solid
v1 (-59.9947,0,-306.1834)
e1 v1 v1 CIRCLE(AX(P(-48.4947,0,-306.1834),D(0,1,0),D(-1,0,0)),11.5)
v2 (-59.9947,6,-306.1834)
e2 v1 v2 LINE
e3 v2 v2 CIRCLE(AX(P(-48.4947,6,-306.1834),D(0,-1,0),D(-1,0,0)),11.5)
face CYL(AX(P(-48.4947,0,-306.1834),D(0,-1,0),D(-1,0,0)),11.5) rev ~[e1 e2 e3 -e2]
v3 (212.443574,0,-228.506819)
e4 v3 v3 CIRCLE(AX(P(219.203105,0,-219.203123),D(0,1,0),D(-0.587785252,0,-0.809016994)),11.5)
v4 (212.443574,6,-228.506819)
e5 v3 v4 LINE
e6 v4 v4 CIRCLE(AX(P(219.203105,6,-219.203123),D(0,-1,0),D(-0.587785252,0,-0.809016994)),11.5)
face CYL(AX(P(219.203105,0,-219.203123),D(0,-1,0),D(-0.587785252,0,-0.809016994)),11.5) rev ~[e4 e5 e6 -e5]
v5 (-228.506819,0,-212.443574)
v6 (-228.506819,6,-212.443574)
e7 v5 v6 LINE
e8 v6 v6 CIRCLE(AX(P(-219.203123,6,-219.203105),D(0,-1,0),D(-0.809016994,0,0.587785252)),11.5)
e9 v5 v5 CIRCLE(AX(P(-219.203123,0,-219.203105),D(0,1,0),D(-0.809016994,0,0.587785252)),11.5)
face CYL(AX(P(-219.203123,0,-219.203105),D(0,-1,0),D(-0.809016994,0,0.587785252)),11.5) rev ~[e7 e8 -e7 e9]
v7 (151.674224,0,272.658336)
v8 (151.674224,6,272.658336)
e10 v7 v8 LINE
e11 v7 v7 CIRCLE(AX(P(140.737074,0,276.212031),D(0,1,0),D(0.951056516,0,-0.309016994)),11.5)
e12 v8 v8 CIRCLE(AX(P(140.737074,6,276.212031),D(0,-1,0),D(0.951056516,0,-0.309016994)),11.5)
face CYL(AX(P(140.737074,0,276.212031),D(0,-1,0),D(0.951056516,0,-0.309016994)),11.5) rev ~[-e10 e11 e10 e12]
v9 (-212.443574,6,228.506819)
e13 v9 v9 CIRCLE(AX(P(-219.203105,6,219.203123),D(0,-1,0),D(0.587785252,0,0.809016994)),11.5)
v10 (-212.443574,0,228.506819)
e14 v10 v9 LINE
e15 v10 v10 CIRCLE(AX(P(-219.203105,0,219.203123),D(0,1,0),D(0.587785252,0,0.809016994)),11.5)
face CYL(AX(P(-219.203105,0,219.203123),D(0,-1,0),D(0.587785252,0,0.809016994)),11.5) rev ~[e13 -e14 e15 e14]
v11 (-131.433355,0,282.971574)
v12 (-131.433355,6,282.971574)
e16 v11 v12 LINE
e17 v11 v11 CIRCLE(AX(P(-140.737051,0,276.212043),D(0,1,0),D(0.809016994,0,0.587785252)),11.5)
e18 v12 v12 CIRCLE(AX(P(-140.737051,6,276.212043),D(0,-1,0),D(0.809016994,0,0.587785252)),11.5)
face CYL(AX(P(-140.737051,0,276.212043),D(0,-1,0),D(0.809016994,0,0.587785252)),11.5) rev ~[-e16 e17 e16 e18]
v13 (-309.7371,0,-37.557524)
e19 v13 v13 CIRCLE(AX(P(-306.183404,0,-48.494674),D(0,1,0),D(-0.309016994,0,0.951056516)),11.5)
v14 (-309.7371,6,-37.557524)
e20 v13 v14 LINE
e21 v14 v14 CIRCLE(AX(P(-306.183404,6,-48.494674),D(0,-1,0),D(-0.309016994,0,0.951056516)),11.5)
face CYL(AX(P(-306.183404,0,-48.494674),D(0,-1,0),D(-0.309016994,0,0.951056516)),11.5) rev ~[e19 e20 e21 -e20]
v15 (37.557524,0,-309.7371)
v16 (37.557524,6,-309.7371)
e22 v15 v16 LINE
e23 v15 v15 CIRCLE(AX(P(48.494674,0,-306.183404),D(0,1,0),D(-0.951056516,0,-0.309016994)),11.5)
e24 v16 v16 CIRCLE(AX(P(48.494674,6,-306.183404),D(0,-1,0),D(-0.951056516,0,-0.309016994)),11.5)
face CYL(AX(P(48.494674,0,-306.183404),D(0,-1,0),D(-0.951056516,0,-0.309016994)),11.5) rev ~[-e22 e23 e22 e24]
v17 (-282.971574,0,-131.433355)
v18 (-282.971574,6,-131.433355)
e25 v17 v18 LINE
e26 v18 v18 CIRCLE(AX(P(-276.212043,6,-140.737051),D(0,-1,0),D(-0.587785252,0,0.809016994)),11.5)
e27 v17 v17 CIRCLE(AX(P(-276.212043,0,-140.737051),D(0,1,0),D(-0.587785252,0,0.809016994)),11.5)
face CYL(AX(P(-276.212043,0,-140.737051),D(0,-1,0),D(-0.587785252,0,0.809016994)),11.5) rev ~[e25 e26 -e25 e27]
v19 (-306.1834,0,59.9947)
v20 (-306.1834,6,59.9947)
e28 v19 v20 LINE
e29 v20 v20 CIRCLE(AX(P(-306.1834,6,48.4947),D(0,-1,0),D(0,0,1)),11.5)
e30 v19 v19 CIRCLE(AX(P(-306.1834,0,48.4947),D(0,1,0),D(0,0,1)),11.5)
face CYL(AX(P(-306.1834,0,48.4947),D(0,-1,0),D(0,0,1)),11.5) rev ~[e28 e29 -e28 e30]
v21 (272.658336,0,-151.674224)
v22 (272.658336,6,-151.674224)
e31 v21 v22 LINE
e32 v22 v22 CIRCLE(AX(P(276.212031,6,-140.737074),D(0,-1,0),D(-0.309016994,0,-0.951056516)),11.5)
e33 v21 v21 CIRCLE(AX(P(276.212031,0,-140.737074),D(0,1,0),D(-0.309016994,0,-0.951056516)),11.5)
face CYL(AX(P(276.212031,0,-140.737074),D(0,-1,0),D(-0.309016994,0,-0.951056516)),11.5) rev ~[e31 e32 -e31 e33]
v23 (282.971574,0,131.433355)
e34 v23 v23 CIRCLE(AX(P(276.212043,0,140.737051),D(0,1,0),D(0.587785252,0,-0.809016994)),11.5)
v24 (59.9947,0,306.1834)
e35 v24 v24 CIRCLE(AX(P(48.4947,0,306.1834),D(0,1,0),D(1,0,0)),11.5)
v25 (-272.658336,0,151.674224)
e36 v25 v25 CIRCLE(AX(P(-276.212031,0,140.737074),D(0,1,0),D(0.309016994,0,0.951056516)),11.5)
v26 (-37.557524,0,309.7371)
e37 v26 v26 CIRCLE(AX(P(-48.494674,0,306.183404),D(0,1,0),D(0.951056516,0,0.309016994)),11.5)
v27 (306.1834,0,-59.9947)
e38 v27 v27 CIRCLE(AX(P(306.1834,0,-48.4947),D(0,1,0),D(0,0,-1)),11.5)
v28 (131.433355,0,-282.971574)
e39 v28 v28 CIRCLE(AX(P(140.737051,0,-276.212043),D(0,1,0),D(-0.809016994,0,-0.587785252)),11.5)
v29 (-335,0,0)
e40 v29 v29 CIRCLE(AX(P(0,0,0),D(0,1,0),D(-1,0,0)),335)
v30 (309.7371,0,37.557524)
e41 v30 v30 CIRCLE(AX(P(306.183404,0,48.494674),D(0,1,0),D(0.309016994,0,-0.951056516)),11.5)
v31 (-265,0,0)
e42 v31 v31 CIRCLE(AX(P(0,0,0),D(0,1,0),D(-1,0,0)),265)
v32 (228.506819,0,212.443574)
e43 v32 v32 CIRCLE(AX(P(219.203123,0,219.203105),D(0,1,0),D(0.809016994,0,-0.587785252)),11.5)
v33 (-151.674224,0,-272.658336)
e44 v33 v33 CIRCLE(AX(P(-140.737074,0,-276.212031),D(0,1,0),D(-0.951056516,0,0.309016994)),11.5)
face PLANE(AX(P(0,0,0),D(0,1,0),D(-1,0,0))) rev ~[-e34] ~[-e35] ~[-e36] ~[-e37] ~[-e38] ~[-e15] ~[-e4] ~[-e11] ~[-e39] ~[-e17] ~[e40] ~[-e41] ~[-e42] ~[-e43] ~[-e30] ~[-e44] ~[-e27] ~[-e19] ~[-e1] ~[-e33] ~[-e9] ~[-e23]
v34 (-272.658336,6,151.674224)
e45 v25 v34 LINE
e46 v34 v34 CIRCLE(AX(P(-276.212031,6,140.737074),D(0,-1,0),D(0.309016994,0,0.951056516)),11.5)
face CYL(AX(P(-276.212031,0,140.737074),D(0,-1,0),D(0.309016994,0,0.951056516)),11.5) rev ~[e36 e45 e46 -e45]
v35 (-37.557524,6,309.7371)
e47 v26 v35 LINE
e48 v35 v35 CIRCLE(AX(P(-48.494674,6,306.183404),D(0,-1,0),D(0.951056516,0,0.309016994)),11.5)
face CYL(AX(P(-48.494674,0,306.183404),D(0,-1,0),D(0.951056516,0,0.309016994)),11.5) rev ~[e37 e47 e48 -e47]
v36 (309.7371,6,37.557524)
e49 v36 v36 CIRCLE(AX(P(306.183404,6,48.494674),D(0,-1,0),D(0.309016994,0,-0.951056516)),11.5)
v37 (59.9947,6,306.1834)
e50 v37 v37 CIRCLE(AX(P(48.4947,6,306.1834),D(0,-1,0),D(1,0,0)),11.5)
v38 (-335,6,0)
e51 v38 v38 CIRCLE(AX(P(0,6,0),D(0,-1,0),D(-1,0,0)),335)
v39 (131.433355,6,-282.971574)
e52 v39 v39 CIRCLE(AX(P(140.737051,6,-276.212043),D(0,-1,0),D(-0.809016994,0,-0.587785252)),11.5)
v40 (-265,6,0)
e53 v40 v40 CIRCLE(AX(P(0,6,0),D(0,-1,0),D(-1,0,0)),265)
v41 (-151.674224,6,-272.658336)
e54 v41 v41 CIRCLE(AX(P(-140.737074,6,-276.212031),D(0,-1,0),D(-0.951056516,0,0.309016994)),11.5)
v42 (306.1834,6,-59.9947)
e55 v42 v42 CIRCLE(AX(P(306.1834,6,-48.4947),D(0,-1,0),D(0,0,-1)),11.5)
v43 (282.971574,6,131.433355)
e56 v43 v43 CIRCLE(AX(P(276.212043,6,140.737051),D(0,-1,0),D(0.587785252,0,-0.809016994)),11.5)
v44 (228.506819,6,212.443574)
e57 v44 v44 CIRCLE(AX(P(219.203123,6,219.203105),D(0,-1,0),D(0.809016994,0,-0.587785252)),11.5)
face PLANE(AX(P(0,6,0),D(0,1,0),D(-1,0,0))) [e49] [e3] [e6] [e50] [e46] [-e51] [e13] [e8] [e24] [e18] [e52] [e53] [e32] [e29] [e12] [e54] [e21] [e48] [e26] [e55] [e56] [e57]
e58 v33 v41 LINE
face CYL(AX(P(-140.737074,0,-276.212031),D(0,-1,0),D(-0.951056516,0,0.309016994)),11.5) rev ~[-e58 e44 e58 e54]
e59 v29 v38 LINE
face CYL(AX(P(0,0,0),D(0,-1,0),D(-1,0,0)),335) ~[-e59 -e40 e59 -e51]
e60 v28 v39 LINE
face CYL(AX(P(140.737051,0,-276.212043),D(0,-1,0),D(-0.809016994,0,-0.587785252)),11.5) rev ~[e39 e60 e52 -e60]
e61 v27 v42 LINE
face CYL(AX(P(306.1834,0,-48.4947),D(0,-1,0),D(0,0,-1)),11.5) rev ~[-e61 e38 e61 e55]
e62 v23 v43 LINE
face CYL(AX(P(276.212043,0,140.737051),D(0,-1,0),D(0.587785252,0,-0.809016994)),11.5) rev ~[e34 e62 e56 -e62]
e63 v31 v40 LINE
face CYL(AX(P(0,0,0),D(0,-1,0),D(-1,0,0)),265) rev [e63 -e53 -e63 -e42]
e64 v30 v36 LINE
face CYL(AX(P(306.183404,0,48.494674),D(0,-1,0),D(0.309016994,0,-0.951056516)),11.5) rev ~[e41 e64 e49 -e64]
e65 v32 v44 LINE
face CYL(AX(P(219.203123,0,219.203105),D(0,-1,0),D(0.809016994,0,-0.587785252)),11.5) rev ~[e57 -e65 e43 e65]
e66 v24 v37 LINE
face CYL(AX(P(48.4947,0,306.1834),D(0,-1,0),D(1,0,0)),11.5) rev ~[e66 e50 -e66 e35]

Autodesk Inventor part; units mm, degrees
ref_plane "YZ Plane" through (0, 0, 0) normal (1, 0, 0) x (0, 1, 0)
ref_plane "XZ Plane" through (0, 0, 0) normal (0, 1, 0) x (-1, 0, 0)
ref_plane "XY Plane" through (0, 0, 0) normal (0, 0, 1) x (1, 0, 0)
sketch "Sketch1" plane through (0, 0, 0) normal (0, 1, 0) x (-1, 0, 0)
  circle A0 centre (0, 0) radius 265
  circle A1 centre (0, 0) radius 335
  line L0 (335, 0) -> (265, 0)
  line L1 (-265, 0) -> (-335, 0)
  line L2 (0, 265) -> (0, 335)
  point P0 (300, 0)
  point P1 (-300, 0)
  point P2 (0, 300)
  dimension "d1" = 670
  dimension "d4" = 530
extrude "Extrusion1" add sketch "Sketch1" along normal blind 6 contours L0 A1 L1 A0 | A0 L2 A1 L0 | A0 L1 A1 L2
sketch "Sketch2" plane through (0, 0, 0) normal (0, -1, 0) x (1, 0, 0)
  circle A0 centre (0, 0) radius 335 projected
  circle A1 centre (0, 0) radius 265 projected
  circle A2 centre (48.4947, 306.1834) radius 11.5
  circle A3 centre (0, 0) radius 265 projected
  line L0 (48.4947, 306.1834) -> (0, 0)
  point P0 (0, 265)
  point P1 (265, 0)
  dimension "d5" = 310
  dimension "d7" = 23
extrude "Cut1" cut sketch "Sketch2" against normal blind 6 contours A2
pattern_circular "Circular Pattern1" count 20 over 360 about axis through (0, 0, 0) along (0, 1, 0) of "Cut1"
equation "\"d9\" = Thickness"
equation "\"BendRadius\" = Thickness"
equation "\"BendReliefWidth\" = Thickness"
equation "\"BendReliefDepth\" = 0.5 * Thickness"
equation "\"CornerReliefSize\" = 4 * Thickness"
equation "\"MinimumRemnant\" = 2 * Thickness"
equation "\"TransitionRadius\" = BendRadius"
equation "\"JacobiRadiusSize\" = BendRadius"
equation "\"GapSize\" = Thickness"
equation "\"d8\" = Thickness"
equation "\"Thickness\" = 6"
properties part number "TZS 1203 accses hatch flange" material "Steel"
